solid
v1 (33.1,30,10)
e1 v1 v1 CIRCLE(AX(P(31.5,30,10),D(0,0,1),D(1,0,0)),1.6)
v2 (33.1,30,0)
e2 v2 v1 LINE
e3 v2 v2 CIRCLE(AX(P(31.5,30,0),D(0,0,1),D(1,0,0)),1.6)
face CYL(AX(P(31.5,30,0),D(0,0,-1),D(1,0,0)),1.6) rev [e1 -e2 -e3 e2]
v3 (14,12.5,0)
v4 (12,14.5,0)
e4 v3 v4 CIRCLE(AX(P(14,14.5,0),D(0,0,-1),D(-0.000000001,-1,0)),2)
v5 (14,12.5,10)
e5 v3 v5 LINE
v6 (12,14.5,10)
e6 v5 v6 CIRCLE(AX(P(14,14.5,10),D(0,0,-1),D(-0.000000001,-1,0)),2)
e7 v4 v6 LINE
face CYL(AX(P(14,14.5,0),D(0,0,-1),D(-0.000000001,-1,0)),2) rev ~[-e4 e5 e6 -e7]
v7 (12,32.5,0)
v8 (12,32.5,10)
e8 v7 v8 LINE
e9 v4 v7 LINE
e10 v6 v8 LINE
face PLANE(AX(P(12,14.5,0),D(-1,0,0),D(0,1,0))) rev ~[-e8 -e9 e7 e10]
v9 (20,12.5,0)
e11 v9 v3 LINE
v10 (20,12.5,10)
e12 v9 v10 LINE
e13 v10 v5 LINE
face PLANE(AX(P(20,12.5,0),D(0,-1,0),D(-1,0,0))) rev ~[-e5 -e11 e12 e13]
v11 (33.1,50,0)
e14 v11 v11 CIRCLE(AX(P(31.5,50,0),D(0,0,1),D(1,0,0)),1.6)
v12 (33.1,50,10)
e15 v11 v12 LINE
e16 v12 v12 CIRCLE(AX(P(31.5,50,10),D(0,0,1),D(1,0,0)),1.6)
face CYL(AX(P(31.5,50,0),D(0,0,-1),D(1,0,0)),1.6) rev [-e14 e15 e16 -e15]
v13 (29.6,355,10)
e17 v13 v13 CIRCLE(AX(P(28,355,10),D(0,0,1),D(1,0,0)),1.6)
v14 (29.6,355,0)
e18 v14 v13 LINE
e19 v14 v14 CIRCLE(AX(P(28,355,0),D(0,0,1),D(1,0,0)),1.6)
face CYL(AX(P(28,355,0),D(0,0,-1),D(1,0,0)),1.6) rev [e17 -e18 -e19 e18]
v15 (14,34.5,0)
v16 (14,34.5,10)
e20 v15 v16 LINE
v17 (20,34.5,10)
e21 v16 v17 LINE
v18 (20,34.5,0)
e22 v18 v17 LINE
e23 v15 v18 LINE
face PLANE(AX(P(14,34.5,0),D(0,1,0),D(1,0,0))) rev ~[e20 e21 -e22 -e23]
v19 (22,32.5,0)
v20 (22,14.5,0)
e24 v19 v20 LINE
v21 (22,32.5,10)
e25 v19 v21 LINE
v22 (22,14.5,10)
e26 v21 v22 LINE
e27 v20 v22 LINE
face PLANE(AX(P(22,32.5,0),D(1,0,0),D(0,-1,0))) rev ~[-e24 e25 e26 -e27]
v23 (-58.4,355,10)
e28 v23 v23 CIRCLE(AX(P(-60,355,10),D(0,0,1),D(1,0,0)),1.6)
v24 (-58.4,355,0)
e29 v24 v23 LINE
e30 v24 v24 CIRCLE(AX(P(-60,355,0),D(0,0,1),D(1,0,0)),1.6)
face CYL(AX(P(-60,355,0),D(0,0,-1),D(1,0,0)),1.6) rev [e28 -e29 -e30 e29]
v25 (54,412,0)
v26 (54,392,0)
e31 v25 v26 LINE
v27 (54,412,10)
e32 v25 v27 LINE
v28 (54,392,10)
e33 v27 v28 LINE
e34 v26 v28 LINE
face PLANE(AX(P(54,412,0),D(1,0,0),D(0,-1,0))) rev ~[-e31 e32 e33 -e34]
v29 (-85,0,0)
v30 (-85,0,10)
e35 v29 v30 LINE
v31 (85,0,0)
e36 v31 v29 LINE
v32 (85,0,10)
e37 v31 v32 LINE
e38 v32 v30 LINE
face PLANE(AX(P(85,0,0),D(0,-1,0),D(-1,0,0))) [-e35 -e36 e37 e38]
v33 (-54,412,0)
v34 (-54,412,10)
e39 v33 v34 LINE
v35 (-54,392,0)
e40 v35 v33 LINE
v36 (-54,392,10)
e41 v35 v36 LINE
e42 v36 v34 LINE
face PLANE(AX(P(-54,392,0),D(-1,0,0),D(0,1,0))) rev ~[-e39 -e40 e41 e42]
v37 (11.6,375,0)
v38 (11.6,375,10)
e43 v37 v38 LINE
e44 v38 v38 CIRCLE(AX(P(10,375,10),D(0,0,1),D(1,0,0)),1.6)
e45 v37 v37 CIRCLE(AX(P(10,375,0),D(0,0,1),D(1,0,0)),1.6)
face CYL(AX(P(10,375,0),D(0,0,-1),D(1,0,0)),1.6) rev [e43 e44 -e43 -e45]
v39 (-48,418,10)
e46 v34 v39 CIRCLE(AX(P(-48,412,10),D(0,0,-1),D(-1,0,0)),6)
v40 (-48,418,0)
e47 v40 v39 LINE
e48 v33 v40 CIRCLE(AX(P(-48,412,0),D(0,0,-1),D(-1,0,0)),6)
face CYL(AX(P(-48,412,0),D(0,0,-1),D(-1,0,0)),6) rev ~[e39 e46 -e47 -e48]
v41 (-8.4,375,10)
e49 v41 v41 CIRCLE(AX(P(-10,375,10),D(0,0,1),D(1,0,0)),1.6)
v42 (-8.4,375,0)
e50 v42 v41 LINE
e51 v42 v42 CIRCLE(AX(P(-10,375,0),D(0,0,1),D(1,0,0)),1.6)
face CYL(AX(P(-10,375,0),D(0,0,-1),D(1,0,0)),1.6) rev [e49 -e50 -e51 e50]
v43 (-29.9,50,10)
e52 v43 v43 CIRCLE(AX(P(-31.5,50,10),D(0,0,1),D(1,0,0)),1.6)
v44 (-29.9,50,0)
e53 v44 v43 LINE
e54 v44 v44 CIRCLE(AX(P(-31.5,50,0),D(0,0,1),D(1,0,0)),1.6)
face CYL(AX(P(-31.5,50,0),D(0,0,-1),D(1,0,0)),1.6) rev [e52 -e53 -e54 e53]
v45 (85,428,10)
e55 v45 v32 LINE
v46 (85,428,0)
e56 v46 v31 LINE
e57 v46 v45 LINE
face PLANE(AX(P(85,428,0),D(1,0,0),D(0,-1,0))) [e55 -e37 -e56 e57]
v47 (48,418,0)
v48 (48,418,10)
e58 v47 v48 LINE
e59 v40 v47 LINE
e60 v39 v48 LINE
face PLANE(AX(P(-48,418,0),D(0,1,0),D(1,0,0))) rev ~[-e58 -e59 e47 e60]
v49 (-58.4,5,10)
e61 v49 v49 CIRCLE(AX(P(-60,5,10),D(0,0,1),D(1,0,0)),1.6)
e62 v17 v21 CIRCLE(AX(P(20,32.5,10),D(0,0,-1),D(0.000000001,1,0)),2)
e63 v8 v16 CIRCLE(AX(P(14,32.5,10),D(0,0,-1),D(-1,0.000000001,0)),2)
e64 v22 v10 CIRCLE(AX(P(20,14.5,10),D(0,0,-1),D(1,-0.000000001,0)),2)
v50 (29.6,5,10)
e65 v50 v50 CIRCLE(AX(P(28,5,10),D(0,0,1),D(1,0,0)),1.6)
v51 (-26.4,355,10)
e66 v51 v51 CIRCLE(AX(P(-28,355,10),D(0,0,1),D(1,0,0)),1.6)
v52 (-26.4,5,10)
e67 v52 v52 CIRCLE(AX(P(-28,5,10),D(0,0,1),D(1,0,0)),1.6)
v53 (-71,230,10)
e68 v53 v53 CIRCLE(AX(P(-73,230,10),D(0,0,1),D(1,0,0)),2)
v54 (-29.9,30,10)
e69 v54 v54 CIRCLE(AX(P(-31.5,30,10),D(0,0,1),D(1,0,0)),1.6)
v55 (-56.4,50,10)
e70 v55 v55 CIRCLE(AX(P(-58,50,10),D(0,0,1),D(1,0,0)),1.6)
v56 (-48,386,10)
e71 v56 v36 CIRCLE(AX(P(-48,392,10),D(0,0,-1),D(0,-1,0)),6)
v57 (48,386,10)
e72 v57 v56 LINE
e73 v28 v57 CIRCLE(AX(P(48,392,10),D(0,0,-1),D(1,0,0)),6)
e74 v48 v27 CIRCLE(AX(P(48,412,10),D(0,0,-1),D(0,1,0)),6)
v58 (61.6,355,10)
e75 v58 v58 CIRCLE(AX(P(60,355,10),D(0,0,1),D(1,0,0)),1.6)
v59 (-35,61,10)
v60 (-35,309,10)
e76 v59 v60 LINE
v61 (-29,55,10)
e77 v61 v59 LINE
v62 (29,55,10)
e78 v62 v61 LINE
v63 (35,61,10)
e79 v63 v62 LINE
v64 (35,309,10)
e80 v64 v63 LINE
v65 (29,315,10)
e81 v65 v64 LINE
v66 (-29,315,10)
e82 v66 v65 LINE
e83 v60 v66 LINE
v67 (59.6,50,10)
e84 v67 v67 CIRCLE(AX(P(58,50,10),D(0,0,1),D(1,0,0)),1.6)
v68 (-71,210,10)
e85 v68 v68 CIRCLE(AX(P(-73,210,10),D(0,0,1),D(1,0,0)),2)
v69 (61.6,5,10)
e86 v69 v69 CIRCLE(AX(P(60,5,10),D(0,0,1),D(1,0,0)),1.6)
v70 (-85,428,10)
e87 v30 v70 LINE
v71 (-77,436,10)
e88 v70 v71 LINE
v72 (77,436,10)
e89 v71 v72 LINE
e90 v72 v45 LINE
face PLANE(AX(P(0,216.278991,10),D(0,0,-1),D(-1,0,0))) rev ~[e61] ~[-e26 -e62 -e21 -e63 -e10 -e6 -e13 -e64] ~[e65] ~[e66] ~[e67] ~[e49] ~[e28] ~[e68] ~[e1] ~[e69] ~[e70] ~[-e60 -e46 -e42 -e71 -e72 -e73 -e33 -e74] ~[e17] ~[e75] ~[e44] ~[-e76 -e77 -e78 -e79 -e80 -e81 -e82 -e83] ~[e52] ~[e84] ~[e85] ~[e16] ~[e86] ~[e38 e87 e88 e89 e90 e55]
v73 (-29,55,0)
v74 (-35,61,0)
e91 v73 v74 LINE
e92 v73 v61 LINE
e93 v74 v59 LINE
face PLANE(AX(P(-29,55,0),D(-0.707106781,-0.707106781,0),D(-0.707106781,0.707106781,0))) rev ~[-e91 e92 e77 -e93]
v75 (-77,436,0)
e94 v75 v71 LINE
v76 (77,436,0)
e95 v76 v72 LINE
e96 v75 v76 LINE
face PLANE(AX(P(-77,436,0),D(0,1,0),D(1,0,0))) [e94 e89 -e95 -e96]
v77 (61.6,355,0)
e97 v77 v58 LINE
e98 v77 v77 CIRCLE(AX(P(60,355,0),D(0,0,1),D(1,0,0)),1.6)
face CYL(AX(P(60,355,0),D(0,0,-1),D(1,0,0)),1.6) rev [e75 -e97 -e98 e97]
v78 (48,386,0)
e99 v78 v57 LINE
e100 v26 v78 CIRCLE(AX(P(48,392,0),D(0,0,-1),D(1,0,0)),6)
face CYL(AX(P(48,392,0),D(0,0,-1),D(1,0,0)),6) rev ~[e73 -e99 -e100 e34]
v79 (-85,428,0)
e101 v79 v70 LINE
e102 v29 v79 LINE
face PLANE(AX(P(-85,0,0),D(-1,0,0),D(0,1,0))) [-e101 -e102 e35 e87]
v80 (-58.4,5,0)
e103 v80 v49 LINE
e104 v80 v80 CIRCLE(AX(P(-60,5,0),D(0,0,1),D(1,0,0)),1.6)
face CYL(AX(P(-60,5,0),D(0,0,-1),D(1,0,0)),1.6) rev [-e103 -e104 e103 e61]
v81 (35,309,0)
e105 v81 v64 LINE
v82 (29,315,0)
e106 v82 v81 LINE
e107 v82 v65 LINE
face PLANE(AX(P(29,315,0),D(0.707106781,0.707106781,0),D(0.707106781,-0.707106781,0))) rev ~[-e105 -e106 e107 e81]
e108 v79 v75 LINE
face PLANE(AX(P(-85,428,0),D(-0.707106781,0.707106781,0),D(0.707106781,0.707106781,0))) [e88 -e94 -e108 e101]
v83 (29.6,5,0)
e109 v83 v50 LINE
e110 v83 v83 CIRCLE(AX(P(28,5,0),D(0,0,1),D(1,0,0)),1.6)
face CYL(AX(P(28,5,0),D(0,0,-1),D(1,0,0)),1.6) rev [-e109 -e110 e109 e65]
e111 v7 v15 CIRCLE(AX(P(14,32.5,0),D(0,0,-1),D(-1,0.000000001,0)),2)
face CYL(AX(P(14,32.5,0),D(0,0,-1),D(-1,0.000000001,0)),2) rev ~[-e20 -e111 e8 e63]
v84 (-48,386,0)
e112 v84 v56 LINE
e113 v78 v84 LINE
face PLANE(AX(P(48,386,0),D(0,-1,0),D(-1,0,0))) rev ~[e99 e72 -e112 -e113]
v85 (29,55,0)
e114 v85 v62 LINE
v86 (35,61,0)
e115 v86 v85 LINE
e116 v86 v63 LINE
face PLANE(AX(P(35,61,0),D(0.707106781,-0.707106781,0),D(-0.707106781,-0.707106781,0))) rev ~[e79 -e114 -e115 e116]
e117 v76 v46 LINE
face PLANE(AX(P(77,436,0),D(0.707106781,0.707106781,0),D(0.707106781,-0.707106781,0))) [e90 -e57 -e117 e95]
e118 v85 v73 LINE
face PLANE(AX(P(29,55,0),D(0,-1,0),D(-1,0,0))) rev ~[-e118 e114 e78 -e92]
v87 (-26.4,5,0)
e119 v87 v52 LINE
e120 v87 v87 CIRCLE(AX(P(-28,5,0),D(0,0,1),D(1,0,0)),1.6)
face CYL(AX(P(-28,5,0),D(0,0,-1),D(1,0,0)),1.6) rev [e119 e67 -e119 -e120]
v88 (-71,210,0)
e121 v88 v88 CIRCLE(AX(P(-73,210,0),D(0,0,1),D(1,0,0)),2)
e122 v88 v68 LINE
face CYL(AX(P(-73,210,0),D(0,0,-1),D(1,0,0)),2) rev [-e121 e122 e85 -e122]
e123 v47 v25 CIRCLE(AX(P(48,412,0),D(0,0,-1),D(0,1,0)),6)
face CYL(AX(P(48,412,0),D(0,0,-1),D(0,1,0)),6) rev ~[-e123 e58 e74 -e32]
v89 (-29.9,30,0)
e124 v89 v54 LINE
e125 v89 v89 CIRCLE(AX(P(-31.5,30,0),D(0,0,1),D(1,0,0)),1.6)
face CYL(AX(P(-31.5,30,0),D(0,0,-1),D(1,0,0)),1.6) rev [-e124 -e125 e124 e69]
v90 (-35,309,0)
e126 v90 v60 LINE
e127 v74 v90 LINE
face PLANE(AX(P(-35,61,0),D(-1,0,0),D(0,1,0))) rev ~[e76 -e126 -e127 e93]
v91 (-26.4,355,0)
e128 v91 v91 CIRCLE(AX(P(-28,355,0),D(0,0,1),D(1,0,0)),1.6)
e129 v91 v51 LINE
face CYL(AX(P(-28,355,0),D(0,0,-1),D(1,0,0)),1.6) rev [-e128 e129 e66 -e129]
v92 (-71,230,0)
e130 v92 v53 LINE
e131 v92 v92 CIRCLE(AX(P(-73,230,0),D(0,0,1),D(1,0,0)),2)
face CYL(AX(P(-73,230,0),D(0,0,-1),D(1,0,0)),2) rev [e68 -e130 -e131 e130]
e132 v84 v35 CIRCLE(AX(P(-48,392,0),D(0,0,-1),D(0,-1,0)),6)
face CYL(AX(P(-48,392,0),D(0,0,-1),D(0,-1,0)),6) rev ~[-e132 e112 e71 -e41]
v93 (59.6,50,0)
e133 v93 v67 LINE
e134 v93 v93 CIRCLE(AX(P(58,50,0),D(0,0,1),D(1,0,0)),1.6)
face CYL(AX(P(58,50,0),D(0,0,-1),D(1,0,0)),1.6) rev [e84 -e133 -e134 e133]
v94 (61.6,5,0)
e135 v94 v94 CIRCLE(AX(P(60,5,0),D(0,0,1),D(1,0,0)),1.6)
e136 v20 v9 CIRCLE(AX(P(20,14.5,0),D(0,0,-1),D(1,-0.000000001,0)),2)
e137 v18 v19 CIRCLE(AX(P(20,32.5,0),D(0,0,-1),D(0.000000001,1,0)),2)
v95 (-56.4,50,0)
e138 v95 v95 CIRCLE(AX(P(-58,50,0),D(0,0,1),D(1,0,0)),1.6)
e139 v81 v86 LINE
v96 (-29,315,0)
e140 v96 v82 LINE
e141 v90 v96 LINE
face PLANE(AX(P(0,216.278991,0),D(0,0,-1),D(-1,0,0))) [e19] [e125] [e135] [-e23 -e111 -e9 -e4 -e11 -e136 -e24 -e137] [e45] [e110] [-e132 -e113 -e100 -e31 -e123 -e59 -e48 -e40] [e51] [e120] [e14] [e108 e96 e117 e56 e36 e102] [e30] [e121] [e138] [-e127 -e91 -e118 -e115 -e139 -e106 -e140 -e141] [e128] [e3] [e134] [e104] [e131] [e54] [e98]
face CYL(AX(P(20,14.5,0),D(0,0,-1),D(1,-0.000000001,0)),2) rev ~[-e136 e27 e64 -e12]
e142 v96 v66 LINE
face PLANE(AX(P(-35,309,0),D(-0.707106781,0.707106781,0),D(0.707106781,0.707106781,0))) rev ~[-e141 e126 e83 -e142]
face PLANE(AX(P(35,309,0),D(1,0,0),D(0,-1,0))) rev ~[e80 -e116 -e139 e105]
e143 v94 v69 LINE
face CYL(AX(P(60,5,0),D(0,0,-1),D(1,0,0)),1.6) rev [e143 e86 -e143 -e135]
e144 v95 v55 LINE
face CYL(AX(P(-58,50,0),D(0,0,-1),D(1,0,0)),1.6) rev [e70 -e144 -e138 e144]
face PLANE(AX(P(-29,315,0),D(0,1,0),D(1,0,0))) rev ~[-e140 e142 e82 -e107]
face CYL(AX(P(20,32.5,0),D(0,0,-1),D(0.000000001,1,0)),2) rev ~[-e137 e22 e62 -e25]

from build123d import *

# Parameters (mm, degrees)
MODEL_R             = 1.6
MODEL_R_2           = 2
BOSS_EXTRUDE1_DEPTH = 10


with BuildPart() as part:
    # Model → Boss-Extrude1 (new body)
    with BuildSketch(Plane.XY):
        Polygon((85, 428), (85, 0), (-85, 0), (-85, 428), (-77, 436), (77, 436), align=None)
        with Locations((-31.5, 50)):
            Circle(MODEL_R, mode=Mode.SUBTRACT)
        with Locations((-31.5, 30)):
            Circle(MODEL_R, mode=Mode.SUBTRACT)
        with Locations((31.5, 30)):
            Circle(MODEL_R, mode=Mode.SUBTRACT)
        with Locations((31.5, 50)):
            Circle(MODEL_R, mode=Mode.SUBTRACT)
        with Locations((-58, 50)):
            Circle(MODEL_R, mode=Mode.SUBTRACT)
        with Locations((-73, 210)):
            Circle(MODEL_R_2, mode=Mode.SUBTRACT)
        with Locations((-73, 230)):
            Circle(MODEL_R_2, mode=Mode.SUBTRACT)
        with Locations((60, 355)):
            Circle(MODEL_R, mode=Mode.SUBTRACT)
        with Locations((58, 50)):
            Circle(MODEL_R, mode=Mode.SUBTRACT)
        with Locations((-60, 355)):
            Circle(MODEL_R, mode=Mode.SUBTRACT)
        with Locations((-28, 355)):
            Circle(MODEL_R, mode=Mode.SUBTRACT)
        with Locations((28, 355)):
            Circle(MODEL_R, mode=Mode.SUBTRACT)
        with Locations((60, 5)):
            Circle(MODEL_R, mode=Mode.SUBTRACT)
        with Locations((28, 5)):
            Circle(MODEL_R, mode=Mode.SUBTRACT)
        with Locations((-28, 5)):
            Circle(MODEL_R, mode=Mode.SUBTRACT)
        with Locations((-60, 5)):
            Circle(MODEL_R, mode=Mode.SUBTRACT)
        with Locations((10, 375)):
            Circle(MODEL_R, mode=Mode.SUBTRACT)
        with Locations((-10, 375)):
            Circle(MODEL_R, mode=Mode.SUBTRACT)
        with BuildLine():
            Line((14, 34.5), (20, 34.5))
            ThreePointArc((20, 34.5), (21.414213562, 33.914213562), (22, 32.5))
            Line((22, 32.5), (22, 14.5))
            ThreePointArc((22, 14.5), (21.414213562, 13.085786438), (20, 12.5))
            Line((20, 12.5), (14, 12.5))
            ThreePointArc((14, 12.5), (12.585786438, 13.085786438), (12, 14.5))
            Line((12, 14.5), (12, 32.5))
            ThreePointArc((12, 32.5), (12.585786438, 33.914213562), (14, 34.5))
        make_face(mode=Mode.SUBTRACT)
        Polygon((-29, 315), (29, 315), (35, 309), (35, 61), (29, 55), (-29, 55), (-35, 61), (-35, 309), align=None, mode=Mode.SUBTRACT)
        with BuildLine():
            Line((-54, 392), (-54, 412))
            ThreePointArc((-54, 412), (-52.242640687, 416.242640687), (-48, 418))
            Line((-48, 418), (48, 418))
            ThreePointArc((48, 418), (52.242640687, 416.242640687), (54, 412))
            Line((54, 412), (54, 392))
            ThreePointArc((54, 392), (52.242640687, 387.757359313), (48, 386))
            Line((48, 386), (-48, 386))
            ThreePointArc((-48, 386), (-52.242640687, 387.757359313), (-54, 392))
        make_face(mode=Mode.SUBTRACT)
    extrude(amount=BOSS_EXTRUDE1_DEPTH)


solid = part.part
